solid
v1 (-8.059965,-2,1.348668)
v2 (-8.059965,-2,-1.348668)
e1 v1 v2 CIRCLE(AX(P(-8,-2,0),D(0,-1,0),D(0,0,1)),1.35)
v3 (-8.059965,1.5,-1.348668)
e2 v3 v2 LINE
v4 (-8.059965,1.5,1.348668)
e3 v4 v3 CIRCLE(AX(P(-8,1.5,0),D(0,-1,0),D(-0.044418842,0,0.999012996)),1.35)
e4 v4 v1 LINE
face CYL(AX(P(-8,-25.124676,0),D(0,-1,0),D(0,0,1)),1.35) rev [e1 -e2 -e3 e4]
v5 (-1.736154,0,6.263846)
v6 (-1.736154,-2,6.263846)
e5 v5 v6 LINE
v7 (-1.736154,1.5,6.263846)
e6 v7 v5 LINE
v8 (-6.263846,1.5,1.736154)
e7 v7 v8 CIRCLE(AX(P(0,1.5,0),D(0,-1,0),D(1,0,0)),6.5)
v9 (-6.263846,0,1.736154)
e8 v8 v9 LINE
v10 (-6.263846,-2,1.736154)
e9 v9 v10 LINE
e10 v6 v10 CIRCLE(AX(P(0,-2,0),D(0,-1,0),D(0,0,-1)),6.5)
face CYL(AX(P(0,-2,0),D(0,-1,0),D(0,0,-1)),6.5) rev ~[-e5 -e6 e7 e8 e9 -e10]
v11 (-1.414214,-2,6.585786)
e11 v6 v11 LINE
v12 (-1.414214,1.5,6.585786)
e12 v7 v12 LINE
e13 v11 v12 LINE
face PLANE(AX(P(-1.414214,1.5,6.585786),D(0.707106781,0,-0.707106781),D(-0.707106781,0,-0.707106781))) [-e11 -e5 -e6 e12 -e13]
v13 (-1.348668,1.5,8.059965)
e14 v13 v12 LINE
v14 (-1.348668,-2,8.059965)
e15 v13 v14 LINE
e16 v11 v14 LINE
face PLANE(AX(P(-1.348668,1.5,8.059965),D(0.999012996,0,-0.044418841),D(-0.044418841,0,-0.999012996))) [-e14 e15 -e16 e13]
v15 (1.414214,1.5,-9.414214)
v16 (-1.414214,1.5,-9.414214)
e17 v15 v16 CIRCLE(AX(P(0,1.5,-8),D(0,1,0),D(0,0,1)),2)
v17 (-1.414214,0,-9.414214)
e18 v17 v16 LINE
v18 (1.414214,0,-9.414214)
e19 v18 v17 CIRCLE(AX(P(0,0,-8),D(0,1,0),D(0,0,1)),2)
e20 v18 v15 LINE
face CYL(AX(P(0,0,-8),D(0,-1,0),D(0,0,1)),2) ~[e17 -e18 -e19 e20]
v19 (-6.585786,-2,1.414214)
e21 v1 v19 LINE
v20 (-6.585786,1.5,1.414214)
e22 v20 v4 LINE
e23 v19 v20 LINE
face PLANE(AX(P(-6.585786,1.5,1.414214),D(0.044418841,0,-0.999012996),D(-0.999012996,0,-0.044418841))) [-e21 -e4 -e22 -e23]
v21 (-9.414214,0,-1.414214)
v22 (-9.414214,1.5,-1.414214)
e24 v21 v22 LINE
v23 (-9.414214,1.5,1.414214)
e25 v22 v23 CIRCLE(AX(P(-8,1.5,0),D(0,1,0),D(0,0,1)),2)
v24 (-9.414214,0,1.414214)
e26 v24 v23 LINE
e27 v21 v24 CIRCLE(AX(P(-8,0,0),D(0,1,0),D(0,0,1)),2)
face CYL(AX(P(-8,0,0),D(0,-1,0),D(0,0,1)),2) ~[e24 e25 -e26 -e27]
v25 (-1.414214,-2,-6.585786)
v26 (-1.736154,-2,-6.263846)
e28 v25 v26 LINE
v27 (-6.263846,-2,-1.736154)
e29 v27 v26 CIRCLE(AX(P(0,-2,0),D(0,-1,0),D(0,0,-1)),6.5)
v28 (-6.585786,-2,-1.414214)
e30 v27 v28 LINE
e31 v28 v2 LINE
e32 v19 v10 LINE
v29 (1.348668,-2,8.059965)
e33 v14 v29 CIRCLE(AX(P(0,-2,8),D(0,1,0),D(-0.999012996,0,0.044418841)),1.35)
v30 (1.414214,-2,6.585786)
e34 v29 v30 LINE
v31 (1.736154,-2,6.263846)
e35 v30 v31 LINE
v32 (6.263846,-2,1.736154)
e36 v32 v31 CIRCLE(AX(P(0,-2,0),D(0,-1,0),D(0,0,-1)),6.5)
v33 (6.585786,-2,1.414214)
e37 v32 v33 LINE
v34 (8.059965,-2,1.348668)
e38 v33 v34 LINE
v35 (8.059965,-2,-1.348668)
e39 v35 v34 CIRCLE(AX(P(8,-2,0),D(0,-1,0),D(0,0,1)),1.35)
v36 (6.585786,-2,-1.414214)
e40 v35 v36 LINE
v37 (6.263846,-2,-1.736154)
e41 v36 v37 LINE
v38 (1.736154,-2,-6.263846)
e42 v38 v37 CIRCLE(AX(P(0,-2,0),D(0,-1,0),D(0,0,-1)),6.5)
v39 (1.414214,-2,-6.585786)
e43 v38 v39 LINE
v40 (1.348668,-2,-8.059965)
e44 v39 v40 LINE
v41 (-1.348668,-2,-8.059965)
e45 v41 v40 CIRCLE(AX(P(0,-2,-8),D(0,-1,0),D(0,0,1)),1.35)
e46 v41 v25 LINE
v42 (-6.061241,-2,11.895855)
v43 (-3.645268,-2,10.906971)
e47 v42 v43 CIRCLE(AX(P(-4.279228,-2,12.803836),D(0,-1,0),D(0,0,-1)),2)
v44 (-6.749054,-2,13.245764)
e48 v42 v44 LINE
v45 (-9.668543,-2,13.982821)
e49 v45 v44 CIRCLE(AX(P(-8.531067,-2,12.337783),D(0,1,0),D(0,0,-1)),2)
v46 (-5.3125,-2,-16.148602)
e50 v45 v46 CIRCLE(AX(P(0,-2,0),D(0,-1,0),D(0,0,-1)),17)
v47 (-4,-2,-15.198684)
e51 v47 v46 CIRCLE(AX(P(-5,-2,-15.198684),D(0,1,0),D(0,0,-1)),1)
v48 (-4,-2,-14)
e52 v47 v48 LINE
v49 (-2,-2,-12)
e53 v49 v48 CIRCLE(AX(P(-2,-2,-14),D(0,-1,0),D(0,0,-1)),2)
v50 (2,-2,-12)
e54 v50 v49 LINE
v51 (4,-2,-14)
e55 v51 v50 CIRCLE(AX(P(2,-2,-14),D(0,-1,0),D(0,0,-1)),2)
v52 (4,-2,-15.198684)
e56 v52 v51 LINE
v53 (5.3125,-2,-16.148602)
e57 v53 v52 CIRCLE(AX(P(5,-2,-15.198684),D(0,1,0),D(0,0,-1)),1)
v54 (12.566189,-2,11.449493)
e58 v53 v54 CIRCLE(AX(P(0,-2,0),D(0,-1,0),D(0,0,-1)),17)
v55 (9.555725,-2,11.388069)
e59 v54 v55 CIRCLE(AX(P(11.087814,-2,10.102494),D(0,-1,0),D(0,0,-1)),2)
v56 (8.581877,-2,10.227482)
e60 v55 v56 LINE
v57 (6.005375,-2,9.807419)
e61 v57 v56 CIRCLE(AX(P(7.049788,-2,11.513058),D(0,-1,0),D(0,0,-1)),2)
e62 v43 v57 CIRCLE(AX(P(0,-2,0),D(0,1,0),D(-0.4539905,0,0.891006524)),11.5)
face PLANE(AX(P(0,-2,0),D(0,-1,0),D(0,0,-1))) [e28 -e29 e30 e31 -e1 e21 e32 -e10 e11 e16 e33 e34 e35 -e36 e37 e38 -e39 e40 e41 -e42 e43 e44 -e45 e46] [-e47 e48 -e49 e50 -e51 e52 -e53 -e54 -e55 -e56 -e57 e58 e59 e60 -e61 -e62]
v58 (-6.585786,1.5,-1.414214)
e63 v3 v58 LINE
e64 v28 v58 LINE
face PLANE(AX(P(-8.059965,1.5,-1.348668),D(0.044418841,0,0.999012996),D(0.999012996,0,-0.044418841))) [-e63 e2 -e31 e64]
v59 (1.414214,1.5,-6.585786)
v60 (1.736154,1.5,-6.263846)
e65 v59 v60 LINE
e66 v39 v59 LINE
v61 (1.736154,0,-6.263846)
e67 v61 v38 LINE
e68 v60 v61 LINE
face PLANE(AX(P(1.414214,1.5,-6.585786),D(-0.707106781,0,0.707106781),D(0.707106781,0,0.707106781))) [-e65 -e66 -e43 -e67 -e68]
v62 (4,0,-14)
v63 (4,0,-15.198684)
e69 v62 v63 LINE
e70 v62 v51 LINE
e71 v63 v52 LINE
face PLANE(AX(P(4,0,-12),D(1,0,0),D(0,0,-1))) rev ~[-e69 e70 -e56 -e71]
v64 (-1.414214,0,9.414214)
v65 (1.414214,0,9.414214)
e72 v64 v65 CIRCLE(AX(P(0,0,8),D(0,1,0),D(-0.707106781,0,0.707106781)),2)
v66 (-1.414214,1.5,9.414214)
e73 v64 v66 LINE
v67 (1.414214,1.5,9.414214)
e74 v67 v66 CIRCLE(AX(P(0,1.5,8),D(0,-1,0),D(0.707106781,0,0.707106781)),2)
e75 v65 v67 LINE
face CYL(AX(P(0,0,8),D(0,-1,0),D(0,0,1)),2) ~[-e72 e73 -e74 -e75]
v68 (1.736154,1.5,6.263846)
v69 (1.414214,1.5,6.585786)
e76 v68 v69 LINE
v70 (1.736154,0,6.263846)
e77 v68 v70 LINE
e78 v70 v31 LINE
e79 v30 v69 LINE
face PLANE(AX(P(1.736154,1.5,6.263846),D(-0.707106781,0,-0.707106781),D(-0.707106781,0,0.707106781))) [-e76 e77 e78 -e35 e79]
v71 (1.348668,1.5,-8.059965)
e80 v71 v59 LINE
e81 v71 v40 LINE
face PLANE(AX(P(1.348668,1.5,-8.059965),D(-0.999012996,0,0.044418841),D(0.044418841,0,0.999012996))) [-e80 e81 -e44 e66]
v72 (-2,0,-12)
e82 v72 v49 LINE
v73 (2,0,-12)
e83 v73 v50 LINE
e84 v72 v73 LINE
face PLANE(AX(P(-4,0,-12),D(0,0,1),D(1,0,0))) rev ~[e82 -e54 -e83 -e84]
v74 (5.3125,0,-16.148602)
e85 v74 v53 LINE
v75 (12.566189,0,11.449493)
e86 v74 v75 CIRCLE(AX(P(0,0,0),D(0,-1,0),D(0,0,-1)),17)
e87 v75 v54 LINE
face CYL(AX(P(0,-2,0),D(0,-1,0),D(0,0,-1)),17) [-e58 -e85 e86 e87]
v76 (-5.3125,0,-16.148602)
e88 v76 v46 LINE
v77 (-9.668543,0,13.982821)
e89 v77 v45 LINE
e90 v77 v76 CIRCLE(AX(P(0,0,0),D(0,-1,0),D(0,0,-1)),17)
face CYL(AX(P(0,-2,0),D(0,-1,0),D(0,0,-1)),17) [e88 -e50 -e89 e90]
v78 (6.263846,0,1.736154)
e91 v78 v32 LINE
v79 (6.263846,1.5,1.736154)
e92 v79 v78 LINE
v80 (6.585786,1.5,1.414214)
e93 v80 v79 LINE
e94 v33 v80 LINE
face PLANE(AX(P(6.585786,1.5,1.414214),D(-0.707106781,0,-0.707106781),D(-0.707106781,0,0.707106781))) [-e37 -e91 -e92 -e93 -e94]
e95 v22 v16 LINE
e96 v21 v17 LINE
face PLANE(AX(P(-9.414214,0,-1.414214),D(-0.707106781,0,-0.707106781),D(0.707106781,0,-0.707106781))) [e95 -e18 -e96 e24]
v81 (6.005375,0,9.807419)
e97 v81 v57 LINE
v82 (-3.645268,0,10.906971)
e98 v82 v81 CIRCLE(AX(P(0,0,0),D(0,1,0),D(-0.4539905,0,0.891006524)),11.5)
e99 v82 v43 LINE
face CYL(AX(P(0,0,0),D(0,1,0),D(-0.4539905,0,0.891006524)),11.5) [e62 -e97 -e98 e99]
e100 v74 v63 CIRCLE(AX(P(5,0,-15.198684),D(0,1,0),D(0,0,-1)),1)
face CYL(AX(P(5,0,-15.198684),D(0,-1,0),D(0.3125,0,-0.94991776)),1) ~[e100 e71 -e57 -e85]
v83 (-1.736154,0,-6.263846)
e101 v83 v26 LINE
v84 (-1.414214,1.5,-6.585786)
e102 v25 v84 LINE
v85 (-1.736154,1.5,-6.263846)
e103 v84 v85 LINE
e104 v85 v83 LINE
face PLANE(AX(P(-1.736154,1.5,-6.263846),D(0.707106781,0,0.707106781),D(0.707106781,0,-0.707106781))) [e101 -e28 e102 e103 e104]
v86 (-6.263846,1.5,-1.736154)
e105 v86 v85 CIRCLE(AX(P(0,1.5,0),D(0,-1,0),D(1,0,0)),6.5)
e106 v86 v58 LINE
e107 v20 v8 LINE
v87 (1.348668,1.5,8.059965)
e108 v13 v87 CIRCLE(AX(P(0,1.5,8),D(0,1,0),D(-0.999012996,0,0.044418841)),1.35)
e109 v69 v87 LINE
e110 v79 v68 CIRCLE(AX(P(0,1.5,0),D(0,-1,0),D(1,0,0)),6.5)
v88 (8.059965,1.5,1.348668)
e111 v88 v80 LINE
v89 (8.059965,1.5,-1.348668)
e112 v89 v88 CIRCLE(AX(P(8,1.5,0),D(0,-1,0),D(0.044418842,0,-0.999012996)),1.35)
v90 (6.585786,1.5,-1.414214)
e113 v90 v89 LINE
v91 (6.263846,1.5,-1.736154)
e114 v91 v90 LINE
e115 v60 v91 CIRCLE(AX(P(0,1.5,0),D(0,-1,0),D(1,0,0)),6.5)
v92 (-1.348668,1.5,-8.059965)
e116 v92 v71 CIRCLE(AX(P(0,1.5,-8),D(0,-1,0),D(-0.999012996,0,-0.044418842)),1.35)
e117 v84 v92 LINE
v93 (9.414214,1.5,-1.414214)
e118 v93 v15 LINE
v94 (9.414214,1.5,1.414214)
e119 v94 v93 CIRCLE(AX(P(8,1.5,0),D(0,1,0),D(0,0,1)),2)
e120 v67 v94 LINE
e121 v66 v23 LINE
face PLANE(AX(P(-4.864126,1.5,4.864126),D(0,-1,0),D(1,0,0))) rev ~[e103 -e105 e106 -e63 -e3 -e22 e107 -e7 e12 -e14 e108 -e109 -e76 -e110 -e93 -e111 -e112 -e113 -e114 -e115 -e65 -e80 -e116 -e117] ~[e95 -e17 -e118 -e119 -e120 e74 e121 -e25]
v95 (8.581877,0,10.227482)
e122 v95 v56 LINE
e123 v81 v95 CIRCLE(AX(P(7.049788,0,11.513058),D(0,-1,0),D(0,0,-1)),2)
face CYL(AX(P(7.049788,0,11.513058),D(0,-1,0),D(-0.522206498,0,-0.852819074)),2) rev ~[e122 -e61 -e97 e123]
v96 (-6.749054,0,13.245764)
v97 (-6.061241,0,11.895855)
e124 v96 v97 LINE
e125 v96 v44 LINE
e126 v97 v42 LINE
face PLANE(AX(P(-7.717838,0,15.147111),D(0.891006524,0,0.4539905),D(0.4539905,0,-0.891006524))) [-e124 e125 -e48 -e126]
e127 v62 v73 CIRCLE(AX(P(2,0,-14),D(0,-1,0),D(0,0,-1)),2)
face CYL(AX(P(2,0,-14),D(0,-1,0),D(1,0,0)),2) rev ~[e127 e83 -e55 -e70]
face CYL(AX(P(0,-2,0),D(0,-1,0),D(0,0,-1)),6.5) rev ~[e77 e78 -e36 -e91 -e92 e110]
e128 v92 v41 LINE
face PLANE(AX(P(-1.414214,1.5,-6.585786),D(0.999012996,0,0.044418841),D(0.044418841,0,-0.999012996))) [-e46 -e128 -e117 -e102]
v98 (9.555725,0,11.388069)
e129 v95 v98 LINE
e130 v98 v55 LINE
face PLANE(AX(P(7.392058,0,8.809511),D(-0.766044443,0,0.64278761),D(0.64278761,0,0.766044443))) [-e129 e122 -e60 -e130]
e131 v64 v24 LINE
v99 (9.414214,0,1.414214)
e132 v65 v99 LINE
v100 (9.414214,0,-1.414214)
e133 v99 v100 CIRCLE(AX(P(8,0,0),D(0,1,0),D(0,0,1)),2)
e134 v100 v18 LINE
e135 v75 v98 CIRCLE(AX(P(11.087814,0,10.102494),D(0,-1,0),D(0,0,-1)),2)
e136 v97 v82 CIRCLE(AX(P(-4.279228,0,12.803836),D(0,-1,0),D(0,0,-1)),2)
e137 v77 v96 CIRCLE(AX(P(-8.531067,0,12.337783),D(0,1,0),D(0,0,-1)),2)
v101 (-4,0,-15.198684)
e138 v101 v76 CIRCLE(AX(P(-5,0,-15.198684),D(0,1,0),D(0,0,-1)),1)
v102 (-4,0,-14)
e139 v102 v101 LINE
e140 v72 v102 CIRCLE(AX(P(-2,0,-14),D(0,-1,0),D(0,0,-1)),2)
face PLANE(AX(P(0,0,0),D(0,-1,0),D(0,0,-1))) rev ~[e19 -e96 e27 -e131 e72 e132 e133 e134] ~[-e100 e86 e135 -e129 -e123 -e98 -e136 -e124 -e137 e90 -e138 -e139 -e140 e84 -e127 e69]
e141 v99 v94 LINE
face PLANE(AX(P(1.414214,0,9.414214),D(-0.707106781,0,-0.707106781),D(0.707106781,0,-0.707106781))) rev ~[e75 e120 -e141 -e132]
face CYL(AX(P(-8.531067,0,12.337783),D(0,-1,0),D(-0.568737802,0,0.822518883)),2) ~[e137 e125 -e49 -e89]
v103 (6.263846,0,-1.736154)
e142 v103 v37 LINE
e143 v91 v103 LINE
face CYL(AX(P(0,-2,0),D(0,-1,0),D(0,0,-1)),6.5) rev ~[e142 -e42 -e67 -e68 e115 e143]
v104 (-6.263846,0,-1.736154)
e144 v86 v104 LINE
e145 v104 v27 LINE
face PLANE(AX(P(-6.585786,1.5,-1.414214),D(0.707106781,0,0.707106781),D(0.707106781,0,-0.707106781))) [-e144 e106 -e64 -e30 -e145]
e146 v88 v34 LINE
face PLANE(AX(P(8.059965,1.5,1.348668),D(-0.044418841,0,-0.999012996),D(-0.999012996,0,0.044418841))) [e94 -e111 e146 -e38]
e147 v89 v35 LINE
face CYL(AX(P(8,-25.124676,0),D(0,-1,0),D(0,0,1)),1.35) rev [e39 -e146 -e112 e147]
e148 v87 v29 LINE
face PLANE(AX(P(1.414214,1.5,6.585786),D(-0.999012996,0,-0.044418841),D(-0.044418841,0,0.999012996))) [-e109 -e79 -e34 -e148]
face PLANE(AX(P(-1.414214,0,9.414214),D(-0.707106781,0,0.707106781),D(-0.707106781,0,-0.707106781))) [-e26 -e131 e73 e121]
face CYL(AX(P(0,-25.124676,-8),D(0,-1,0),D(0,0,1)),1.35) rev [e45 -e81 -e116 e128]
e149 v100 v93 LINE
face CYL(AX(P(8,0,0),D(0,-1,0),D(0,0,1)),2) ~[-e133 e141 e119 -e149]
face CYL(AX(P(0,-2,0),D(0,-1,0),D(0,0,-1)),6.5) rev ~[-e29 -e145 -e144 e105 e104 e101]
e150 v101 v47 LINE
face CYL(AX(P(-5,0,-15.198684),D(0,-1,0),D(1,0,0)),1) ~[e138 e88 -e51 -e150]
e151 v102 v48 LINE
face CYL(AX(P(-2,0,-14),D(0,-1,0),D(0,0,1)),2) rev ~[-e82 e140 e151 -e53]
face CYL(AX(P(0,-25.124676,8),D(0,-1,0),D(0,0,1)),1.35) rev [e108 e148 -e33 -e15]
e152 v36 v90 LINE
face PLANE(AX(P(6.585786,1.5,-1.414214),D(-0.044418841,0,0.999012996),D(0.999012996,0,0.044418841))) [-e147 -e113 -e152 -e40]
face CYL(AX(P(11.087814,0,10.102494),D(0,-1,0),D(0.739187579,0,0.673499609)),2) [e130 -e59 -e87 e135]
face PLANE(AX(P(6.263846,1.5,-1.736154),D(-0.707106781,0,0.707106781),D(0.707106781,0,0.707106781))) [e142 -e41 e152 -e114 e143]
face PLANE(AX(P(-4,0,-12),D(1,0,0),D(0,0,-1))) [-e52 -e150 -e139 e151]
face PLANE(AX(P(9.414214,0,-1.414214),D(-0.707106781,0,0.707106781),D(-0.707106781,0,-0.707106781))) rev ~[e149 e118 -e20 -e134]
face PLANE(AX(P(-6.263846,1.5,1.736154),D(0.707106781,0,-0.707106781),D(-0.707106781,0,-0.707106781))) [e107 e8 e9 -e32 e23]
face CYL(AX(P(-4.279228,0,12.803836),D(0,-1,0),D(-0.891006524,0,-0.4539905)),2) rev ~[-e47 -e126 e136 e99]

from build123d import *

# Parameters (mm, degrees)
SKETCH_1_R               = 2
SKETCH_1_R_2             = 1.35
EXTRUDE_1_DEPTH          = 1.5
EXTRUDE_1_2_DEPTH        = 1.5
EXTRUDE_1_3_DEPTH        = 1.5
EXTRUDE_1_4_DEPTH        = 1.5
EXTRUDE_3_DEPTH          = 1.5
SKETCH_5_R               = 6.5
CUT_EXTRUDE_1_DEPTH      = 15.221462653
EXTRUDE_START            = 2
SKETCH_4_R               = 17
SKETCH_4_R_2             = 6.5
EXTRUDE_4_DEPTH          = 2
CUT_EXTRUDE_4_DEPTH      = 25.124676164
CUT_EXTRUDE_4_DEPTH_BACK = 25.124676164
SKETCH_8_R               = 1.35
SKETCH_6_W               = 8
SKETCH_6_H               = 5
CUT_EXTRUDE_2_DEPTH      = 25.124676164
CUT_EXTRUDE_3_DEPTH      = 25.124676164
CUT_EXTRUDE_5_DEPTH      = 24.963513933
FILLET_1_R               = 2
FILLET_2_R               = 1


with BuildPart() as part:
    # 草图1 → 凸台-拉伸1 (new body)
    with BuildSketch(Plane(origin=(0, 0, 0), x_dir=(1, 0, 0), z_dir=(0, 1, 0))):
        with Locations(Location((0, 8, 0), (0, 0, 270))):
            Circle(SKETCH_1_R)
        with Locations(Location((0, 8, 0), (0, 0, 270))):
            Circle(SKETCH_1_R_2, mode=Mode.SUBTRACT)
    extrude(amount=EXTRUDE_1_DEPTH)



with BuildPart() as body_2:
    # 草图1 → Extrude 1 2 (new body)
    with BuildSketch(Plane(origin=(0, 0, 0), x_dir=(1, 0, 0), z_dir=(0, 1, 0))):
        with Locations(Location((8, 0, 0), (0, 0, 270))):
            Circle(SKETCH_1_R)
        with Locations(Location((8, 0, 0), (0, 0, 270))):
            Circle(SKETCH_1_R_2, mode=Mode.SUBTRACT)
    extrude(amount=EXTRUDE_1_2_DEPTH)


with BuildPart() as body_3:
    # 草图1 → Extrude 1 3 (new body)
    with BuildSketch(Plane(origin=(0, 0, 0), x_dir=(1, 0, 0), z_dir=(0, 1, 0))):
        with Locations(Location((0, -8, 0), (0, 0, 270))):
            Circle(SKETCH_1_R)
        with Locations(Location((0, -8, 0), (0, 0, 270))):
            Circle(SKETCH_1_R_2, mode=Mode.SUBTRACT)
    extrude(amount=EXTRUDE_1_3_DEPTH)


with BuildPart() as body_4:
    # 草图1 → Extrude 1 4 (new body)
    with BuildSketch(Plane(origin=(0, 0, 0), x_dir=(1, 0, 0), z_dir=(0, 1, 0))):
        with Locations(Location((-8, 0, 0), (0, 0, 270))):
            Circle(SKETCH_1_R)
        with Locations(Location((-8, 0, 0), (0, 0, 270))):
            Circle(SKETCH_1_R_2, mode=Mode.SUBTRACT)
    extrude(amount=EXTRUDE_1_4_DEPTH)


with BuildPart() as part_1:
    add(part.part)

    add(body_2.part)  # 凸台-拉伸3 merges body 2

    add(body_3.part)  # 凸台-拉伸3 merges body 3

    add(body_4.part)  # 凸台-拉伸3 merges body 4
    # 草图3 → 凸台-拉伸3 (add)
    with BuildSketch(Plane.XZ):
        with BuildLine():
            ThreePointArc((-1.414213562, -9.414213562), (-2, -8), (-1.414213562, -6.585786438))
            Line((-1.414213562, -6.585786438), (-6.585786438, -1.414213562))
            ThreePointArc((-6.585786438, -1.414213562), (-8, -2), (-9.414213562, -1.414213562))
            Line((-9.414213562, -1.414213562), (-1.414213562, -9.414213562))
        make_face()
        with BuildLine():
            Line((-1.414213562, 9.414213562), (-9.414213562, 1.414213562))
            ThreePointArc((-9.414213562, 1.414213562), (-8, 2), (-6.585786438, 1.414213562))
            Line((-6.585786438, 1.414213562), (-1.414213562, 6.585786438))
            ThreePointArc((-1.414213562, 6.585786438), (-2, 8), (-1.414213562, 9.414213562))
        make_face()
        with BuildLine():
            ThreePointArc((9.414213562, 1.414213562), (8, 2), (6.585786438, 1.414213562))
            Line((6.585786438, 1.414213562), (1.414213562, 6.585786438))
            ThreePointArc((1.414213562, 6.585786438), (2, 8), (1.414213562, 9.414213562))
            Line((1.414213562, 9.414213562), (9.414213562, 1.414213562))
        make_face()
        with BuildLine():
            ThreePointArc((1.414213562, -9.414213562), (2, -8), (1.414213562, -6.585786438))
            Line((1.414213562, -6.585786438), (6.585786438, -1.414213562))
            ThreePointArc((6.585786438, -1.414213562), (8, -2), (9.414213562, -1.414213562))
            Line((9.414213562, -1.414213562), (1.414213562, -9.414213562))
        make_face()
    extrude(amount=-EXTRUDE_3_DEPTH)

    # 草图5 → 切除-拉伸1 (cut, through all)
    with BuildSketch(Plane.XZ):
        Circle(SKETCH_5_R)
    extrude(amount=-CUT_EXTRUDE_1_DEPTH, mode=Mode.SUBTRACT)

    # 草图4 → 凸台-拉伸4 (add)
    with BuildSketch(Plane.XZ.offset(EXTRUDE_START)):
        with Locations(Location((0, 0, 0), (0, 0, 270))):
            Circle(SKETCH_4_R)
        with Locations(Location((0, 0, 0), (0, 0, 270))):
            Circle(SKETCH_4_R_2, mode=Mode.SUBTRACT)
    extrude(amount=-EXTRUDE_4_DEPTH)

    # 草图8 → 切除-拉伸4 (cut, two sides: drawn at the far end of the back side and taken through both)
    with BuildSketch(Plane(origin=(0, 0, 0), x_dir=(1, 0, 0), z_dir=(0, 1, 0)).offset(-CUT_EXTRUDE_4_DEPTH_BACK)):
        with Locations(Location((8, 0, 0), (0, 0, 270))):
            Circle(SKETCH_8_R)
        with Locations(Location((0, -8, 0), (0, 0, 270))):
            Circle(SKETCH_8_R)
        with Locations(Location((-8, 0, 0), (0, 0, 270))):
            Circle(SKETCH_8_R)
        with Locations(Location((0, 8, 0), (0, 0, 270))):
            Circle(SKETCH_8_R)
    extrude(amount=CUT_EXTRUDE_4_DEPTH + CUT_EXTRUDE_4_DEPTH_BACK, mode=Mode.SUBTRACT)

    # 草图6 → 切除-拉伸2 (cut, through all)
    with BuildSketch(Plane(origin=(0, 0, 0), x_dir=(1, 0, 0), z_dir=(0, 1, 0))):
        with Locations((0, 14.5)):
            Rectangle(SKETCH_6_W, SKETCH_6_H)
    extrude(amount=-CUT_EXTRUDE_2_DEPTH, mode=Mode.SUBTRACT)

    # 草图7 → 切除-拉伸3 (cut, through all)
    with BuildSketch(Plane(origin=(0, 0, 0), x_dir=(1, 0, 0), z_dir=(0, 1, 0))):
        with BuildLine():
            Line((7.392057511, -8.809511096), (10.927389365, -13.022755533))
            ThreePointArc((10.927389365, -13.022755533), (1.924454634, -16.890721547), (-7.717838496, -15.147110911))
            Line((-7.717838496, -15.147110911), (-5.220890747, -10.246575028))
            ThreePointArc((-5.220890747, -10.246575028), (1.301836958, -11.42607634), (7.392057511, -8.809511096))
        make_face()
    extrude(amount=-CUT_EXTRUDE_3_DEPTH, mode=Mode.SUBTRACT)

    # 草图11 → 切除-拉伸5 (cut, through all)
    with BuildSketch(Plane(origin=(0, 1.5, 0), x_dir=(1, 0, 0), z_dir=(0, 1, 0))):
        with BuildLine():
            Line((-8.059965436, 1.348667545), (-6.585786438, 1.414213562))
            Line((-6.585786438, 1.414213562), (-6.263846285, 1.736153715))
            ThreePointArc((-6.263846285, 1.736153715), (-4.596194078, 4.596194078), (-1.736153715, 6.263846285))
            Line((-1.736153715, 6.263846285), (-1.414213562, 6.585786438))
            Line((-1.414213562, 6.585786438), (-1.348667545, 8.059965436))
            ThreePointArc((-1.348667545, 8.059965436), (0, 9.35), (1.348667545, 8.059965436))
            Line((1.348667545, 8.059965436), (1.414213562, 6.585786438))
            Line((1.414213562, 6.585786438), (1.736153715, 6.263846285))
            ThreePointArc((1.736153715, 6.263846285), (4.596194078, 4.596194078), (6.263846285, 1.736153715))
            Line((6.263846285, 1.736153715), (6.585786438, 1.414213562))
            Line((6.585786438, 1.414213562), (8.059965436, 1.348667545))
            ThreePointArc((8.059965436, 1.348667545), (9.35, 0), (8.059965436, -1.348667545))
            Line((8.059965436, -1.348667545), (6.585786438, -1.414213562))
            Line((6.585786438, -1.414213562), (6.263846285, -1.736153715))
            ThreePointArc((6.263846285, -1.736153715), (4.596194078, -4.596194078), (1.736153715, -6.263846285))
            Line((1.736153715, -6.263846285), (1.414213562, -6.585786438))
            Line((1.414213562, -6.585786438), (1.348667545, -8.059965436))
            ThreePointArc((1.348667545, -8.059965436), (0, -9.35), (-1.348667545, -8.059965436))
            Line((-1.348667545, -8.059965436), (-1.414213562, -6.585786438))
            Line((-1.414213562, -6.585786438), (-1.736153715, -6.263846285))
            ThreePointArc((-1.736153715, -6.263846285), (-4.596194078, -4.596194078), (-6.263846285, -1.736153715))
            Line((-6.263846285, -1.736153715), (-6.585786438, -1.414213562))
            Line((-6.585786438, -1.414213562), (-8.059965436, -1.348667545))
            ThreePointArc((-8.059965436, -1.348667545), (-9.35, 0), (-8.059965436, 1.348667545))
        make_face()
    extrude(amount=-CUT_EXTRUDE_5_DEPTH, mode=Mode.SUBTRACT)

    # 圆角1
    fillet_1_edges = [part_1.edges().sort_by_distance(p)[0] for p in [
        (-4, -1, -12),
        (4, -1, -12),
        (-5.220890747, -1, 10.246575028),
        (7.392057511, -1, 8.809511096),
        (10.927389365, -1, 13.022755533),
        (-7.717838496, -1, 15.147110911),
    ]]
    fillet(fillet_1_edges, radius=FILLET_1_R)

    # 圆角2
    fillet_2_edges = [part_1.edges().sort_by_distance(p)[0] for p in [
        (4, -1, -16.522711642),
        (-4, -1, -16.522711642),
    ]]
    fillet(fillet_2_edges, radius=FILLET_2_R)


solid = part_1.part
